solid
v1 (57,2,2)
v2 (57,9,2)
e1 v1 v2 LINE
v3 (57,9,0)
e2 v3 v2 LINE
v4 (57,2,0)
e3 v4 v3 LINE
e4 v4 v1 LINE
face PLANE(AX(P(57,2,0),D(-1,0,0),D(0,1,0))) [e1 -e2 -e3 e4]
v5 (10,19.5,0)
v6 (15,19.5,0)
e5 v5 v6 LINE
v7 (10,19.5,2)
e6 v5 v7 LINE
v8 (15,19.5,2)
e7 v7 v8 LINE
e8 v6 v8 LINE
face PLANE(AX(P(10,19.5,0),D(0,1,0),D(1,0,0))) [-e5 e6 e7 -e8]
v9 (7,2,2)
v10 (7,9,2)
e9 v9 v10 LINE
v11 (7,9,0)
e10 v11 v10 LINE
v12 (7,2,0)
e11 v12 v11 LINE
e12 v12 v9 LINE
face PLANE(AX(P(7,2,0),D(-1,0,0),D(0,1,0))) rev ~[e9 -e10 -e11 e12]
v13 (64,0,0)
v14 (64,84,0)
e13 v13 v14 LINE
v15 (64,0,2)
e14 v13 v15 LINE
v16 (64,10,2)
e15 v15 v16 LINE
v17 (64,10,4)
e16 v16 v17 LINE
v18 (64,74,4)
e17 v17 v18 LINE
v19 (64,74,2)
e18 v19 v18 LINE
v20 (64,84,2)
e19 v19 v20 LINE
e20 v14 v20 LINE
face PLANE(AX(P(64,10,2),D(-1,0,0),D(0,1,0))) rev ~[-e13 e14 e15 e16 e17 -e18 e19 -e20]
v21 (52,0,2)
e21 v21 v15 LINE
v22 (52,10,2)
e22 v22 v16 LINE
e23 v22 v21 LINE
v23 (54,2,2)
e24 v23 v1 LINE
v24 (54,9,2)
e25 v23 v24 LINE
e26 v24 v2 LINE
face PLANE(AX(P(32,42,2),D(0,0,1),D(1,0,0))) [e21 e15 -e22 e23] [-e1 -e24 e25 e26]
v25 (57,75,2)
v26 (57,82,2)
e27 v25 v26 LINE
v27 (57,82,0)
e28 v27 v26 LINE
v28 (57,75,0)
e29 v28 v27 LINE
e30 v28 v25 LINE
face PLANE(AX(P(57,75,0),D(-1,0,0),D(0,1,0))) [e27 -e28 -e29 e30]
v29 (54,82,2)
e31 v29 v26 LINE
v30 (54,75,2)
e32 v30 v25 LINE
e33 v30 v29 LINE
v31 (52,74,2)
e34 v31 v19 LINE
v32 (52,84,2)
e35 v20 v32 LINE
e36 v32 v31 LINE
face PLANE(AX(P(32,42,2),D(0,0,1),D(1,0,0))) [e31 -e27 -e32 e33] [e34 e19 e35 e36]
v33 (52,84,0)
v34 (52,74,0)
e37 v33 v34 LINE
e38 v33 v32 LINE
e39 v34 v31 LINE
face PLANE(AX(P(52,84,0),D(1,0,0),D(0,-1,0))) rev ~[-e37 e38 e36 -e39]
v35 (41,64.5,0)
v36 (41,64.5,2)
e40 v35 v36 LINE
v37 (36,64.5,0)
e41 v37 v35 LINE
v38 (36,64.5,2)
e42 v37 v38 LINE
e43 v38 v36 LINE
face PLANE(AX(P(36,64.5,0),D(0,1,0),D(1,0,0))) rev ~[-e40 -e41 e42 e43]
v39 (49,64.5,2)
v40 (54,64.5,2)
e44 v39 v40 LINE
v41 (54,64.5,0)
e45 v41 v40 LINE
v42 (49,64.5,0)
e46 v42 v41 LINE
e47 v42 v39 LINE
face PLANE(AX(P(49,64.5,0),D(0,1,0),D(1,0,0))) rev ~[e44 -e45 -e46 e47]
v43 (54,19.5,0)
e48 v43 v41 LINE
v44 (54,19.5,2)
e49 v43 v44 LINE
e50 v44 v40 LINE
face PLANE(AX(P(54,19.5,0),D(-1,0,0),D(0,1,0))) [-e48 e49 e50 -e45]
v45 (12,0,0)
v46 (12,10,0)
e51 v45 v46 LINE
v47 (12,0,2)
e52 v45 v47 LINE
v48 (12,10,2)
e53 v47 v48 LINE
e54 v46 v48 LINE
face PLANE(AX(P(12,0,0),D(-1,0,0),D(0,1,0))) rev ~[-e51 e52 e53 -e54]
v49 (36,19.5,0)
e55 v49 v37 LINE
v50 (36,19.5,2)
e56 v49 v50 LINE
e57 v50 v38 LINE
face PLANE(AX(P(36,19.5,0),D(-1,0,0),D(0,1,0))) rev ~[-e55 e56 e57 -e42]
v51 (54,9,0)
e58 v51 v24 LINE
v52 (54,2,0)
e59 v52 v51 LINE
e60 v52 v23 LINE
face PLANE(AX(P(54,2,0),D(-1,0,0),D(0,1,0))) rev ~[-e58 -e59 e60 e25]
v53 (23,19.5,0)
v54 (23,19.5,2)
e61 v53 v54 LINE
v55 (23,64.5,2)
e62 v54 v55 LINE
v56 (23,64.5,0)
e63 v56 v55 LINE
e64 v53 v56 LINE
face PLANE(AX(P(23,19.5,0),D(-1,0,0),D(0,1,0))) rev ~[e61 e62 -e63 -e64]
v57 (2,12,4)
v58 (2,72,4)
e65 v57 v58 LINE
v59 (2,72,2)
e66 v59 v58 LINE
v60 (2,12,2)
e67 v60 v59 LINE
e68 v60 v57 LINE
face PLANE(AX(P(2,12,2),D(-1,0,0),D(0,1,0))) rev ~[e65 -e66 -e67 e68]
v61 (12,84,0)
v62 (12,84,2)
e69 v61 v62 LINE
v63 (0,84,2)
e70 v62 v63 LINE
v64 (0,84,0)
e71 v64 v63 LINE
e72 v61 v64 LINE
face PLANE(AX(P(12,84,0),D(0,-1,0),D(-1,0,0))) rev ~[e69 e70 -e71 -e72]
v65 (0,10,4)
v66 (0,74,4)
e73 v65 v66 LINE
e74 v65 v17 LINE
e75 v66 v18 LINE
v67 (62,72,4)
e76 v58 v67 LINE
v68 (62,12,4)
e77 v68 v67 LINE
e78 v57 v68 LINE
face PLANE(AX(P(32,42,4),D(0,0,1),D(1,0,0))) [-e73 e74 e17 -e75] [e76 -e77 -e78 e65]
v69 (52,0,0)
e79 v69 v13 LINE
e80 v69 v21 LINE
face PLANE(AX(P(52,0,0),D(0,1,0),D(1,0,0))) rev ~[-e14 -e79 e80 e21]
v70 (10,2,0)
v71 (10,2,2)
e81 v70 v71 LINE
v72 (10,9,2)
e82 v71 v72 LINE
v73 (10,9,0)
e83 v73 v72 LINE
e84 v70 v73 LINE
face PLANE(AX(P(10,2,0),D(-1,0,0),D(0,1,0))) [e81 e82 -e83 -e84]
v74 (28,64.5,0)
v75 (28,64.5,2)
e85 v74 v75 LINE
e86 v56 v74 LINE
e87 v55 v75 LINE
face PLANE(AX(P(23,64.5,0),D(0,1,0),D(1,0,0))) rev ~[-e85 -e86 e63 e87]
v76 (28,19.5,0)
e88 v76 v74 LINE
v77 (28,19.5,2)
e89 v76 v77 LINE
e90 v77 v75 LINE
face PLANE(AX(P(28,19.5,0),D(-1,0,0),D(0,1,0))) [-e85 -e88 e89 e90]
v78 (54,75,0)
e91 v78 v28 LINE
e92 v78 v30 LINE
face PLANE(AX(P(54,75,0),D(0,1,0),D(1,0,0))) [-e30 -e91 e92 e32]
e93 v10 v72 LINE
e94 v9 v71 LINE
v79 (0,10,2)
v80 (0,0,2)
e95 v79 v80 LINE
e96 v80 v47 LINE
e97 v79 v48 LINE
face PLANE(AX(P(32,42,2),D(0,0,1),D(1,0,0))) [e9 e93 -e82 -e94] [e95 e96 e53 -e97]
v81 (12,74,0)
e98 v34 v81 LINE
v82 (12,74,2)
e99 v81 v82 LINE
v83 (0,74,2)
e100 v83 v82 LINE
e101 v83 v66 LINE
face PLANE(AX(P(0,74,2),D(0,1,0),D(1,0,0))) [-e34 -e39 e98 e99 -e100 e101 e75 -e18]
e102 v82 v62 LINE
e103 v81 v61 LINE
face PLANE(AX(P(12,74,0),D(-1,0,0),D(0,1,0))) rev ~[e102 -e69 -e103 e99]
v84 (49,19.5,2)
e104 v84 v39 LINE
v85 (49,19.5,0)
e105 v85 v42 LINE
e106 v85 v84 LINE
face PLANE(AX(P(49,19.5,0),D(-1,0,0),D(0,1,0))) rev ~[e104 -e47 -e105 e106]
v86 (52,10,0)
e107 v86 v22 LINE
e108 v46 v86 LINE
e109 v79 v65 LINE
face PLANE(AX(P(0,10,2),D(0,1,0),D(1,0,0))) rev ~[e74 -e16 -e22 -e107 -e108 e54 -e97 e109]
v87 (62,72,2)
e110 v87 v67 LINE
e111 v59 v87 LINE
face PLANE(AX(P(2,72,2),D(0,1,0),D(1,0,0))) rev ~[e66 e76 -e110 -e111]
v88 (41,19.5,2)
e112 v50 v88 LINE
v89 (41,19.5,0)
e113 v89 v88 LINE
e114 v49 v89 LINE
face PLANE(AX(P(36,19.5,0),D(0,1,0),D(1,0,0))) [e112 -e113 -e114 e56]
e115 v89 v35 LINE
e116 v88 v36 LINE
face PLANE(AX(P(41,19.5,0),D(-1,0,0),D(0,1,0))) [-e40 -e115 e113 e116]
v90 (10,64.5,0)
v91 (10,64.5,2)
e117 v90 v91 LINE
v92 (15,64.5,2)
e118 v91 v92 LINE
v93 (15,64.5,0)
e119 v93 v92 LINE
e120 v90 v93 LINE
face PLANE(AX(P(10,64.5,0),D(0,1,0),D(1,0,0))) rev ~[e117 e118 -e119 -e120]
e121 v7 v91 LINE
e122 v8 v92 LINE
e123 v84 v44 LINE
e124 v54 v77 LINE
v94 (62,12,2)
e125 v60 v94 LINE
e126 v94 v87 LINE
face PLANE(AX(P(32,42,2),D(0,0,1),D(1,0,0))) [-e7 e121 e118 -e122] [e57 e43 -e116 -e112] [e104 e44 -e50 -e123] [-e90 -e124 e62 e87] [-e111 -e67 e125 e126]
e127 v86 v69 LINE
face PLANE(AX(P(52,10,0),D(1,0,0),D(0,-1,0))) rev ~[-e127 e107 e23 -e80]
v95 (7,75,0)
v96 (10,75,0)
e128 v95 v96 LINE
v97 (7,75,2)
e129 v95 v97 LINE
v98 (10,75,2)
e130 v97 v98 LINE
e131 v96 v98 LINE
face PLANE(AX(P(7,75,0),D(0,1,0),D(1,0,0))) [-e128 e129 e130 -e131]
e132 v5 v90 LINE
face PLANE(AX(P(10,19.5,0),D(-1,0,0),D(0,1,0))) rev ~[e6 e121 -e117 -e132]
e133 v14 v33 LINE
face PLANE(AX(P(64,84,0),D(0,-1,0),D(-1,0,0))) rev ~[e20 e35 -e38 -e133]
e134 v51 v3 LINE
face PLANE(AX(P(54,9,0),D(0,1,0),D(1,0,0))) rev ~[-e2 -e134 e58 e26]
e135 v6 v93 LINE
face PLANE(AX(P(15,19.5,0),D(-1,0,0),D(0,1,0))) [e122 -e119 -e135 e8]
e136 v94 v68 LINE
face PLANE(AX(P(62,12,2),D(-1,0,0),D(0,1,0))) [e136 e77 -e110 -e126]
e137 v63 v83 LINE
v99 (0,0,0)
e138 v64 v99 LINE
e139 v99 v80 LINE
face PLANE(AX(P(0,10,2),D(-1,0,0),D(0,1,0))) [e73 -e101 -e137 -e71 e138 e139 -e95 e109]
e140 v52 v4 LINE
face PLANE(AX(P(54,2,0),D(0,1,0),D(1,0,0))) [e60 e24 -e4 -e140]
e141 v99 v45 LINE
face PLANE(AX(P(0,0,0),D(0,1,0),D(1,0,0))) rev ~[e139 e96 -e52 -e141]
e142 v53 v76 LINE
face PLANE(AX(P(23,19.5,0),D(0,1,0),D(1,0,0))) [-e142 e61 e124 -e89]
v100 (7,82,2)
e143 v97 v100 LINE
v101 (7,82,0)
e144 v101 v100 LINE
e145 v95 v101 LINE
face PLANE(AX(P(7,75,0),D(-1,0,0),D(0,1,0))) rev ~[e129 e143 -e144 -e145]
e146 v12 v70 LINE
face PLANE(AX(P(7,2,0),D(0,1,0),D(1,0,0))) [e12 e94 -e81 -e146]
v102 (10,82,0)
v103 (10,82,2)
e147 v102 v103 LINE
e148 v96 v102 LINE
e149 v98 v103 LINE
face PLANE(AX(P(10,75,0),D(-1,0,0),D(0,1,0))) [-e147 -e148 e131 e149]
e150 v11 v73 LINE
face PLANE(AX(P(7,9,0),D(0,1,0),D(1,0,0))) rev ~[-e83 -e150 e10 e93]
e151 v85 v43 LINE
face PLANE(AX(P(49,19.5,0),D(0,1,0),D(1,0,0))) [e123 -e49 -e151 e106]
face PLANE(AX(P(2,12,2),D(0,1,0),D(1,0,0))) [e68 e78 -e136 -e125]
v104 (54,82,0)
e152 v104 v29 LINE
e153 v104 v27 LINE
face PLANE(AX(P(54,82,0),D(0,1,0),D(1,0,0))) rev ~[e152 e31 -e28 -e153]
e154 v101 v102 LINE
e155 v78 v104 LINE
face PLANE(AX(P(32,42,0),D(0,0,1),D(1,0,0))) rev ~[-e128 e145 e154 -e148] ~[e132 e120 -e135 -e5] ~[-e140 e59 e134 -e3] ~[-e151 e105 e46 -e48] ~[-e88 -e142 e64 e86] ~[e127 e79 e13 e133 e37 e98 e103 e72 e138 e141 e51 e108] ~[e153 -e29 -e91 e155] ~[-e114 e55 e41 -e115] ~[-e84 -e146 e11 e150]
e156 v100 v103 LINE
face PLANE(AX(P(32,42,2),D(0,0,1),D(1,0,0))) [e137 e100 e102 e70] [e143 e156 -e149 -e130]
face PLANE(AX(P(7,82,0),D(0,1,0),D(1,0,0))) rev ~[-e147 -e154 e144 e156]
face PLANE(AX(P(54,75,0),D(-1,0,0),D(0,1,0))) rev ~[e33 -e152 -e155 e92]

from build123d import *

# Parameters (mm, degrees)
SKETCH_W      = 5
SKETCH_H      = 45
SKETCH_W_2    = 3
SKETCH_H_2    = 7
PAD_DEPTH     = 2
SKETCH006_W   = 64
SKETCH006_H   = 64
SKETCH006_W_2 = 60
SKETCH006_H_2 = 60
PAD001_DEPTH  = 2


with BuildPart() as part:
    # Sketch → Pad (new body)
    with BuildSketch(Plane.XY):
        Polygon((64, 0), (64, 84), (52, 84), (52, 74), (12, 74), (12, 84), (0, 84), (0, 0), (12, 0), (12, 10), (52, 10), (52, 0), align=None)
        with Locations((12.5, 42)):
            Rectangle(SKETCH_W, SKETCH_H, mode=Mode.SUBTRACT)
        with Locations((25.5, 42)):
            Rectangle(SKETCH_W, SKETCH_H, mode=Mode.SUBTRACT)
        with Locations((38.5, 42)):
            Rectangle(SKETCH_W, SKETCH_H, mode=Mode.SUBTRACT)
        with Locations((51.5, 42)):
            Rectangle(SKETCH_W, SKETCH_H, mode=Mode.SUBTRACT)
        with Locations((8.5, 78.5)):
            Rectangle(SKETCH_W_2, SKETCH_H_2, mode=Mode.SUBTRACT)
        with Locations((55.5, 78.5)):
            Rectangle(SKETCH_W_2, SKETCH_H_2, mode=Mode.SUBTRACT)
        with Locations((55.5, 5.5)):
            Rectangle(SKETCH_W_2, SKETCH_H_2, mode=Mode.SUBTRACT)
        with Locations((8.5, 5.5)):
            Rectangle(SKETCH_W_2, SKETCH_H_2, mode=Mode.SUBTRACT)
    extrude(amount=PAD_DEPTH)

    # Sketch006 → Pad001 (join)
    with BuildSketch(Plane.XY.offset(2)):
        with Locations((32, 42)):
            Rectangle(SKETCH006_W, SKETCH006_H)
        with Locations((32, 42)):
            Rectangle(SKETCH006_W_2, SKETCH006_H_2, mode=Mode.SUBTRACT)
    extrude(amount=PAD001_DEPTH)


solid = part.part
